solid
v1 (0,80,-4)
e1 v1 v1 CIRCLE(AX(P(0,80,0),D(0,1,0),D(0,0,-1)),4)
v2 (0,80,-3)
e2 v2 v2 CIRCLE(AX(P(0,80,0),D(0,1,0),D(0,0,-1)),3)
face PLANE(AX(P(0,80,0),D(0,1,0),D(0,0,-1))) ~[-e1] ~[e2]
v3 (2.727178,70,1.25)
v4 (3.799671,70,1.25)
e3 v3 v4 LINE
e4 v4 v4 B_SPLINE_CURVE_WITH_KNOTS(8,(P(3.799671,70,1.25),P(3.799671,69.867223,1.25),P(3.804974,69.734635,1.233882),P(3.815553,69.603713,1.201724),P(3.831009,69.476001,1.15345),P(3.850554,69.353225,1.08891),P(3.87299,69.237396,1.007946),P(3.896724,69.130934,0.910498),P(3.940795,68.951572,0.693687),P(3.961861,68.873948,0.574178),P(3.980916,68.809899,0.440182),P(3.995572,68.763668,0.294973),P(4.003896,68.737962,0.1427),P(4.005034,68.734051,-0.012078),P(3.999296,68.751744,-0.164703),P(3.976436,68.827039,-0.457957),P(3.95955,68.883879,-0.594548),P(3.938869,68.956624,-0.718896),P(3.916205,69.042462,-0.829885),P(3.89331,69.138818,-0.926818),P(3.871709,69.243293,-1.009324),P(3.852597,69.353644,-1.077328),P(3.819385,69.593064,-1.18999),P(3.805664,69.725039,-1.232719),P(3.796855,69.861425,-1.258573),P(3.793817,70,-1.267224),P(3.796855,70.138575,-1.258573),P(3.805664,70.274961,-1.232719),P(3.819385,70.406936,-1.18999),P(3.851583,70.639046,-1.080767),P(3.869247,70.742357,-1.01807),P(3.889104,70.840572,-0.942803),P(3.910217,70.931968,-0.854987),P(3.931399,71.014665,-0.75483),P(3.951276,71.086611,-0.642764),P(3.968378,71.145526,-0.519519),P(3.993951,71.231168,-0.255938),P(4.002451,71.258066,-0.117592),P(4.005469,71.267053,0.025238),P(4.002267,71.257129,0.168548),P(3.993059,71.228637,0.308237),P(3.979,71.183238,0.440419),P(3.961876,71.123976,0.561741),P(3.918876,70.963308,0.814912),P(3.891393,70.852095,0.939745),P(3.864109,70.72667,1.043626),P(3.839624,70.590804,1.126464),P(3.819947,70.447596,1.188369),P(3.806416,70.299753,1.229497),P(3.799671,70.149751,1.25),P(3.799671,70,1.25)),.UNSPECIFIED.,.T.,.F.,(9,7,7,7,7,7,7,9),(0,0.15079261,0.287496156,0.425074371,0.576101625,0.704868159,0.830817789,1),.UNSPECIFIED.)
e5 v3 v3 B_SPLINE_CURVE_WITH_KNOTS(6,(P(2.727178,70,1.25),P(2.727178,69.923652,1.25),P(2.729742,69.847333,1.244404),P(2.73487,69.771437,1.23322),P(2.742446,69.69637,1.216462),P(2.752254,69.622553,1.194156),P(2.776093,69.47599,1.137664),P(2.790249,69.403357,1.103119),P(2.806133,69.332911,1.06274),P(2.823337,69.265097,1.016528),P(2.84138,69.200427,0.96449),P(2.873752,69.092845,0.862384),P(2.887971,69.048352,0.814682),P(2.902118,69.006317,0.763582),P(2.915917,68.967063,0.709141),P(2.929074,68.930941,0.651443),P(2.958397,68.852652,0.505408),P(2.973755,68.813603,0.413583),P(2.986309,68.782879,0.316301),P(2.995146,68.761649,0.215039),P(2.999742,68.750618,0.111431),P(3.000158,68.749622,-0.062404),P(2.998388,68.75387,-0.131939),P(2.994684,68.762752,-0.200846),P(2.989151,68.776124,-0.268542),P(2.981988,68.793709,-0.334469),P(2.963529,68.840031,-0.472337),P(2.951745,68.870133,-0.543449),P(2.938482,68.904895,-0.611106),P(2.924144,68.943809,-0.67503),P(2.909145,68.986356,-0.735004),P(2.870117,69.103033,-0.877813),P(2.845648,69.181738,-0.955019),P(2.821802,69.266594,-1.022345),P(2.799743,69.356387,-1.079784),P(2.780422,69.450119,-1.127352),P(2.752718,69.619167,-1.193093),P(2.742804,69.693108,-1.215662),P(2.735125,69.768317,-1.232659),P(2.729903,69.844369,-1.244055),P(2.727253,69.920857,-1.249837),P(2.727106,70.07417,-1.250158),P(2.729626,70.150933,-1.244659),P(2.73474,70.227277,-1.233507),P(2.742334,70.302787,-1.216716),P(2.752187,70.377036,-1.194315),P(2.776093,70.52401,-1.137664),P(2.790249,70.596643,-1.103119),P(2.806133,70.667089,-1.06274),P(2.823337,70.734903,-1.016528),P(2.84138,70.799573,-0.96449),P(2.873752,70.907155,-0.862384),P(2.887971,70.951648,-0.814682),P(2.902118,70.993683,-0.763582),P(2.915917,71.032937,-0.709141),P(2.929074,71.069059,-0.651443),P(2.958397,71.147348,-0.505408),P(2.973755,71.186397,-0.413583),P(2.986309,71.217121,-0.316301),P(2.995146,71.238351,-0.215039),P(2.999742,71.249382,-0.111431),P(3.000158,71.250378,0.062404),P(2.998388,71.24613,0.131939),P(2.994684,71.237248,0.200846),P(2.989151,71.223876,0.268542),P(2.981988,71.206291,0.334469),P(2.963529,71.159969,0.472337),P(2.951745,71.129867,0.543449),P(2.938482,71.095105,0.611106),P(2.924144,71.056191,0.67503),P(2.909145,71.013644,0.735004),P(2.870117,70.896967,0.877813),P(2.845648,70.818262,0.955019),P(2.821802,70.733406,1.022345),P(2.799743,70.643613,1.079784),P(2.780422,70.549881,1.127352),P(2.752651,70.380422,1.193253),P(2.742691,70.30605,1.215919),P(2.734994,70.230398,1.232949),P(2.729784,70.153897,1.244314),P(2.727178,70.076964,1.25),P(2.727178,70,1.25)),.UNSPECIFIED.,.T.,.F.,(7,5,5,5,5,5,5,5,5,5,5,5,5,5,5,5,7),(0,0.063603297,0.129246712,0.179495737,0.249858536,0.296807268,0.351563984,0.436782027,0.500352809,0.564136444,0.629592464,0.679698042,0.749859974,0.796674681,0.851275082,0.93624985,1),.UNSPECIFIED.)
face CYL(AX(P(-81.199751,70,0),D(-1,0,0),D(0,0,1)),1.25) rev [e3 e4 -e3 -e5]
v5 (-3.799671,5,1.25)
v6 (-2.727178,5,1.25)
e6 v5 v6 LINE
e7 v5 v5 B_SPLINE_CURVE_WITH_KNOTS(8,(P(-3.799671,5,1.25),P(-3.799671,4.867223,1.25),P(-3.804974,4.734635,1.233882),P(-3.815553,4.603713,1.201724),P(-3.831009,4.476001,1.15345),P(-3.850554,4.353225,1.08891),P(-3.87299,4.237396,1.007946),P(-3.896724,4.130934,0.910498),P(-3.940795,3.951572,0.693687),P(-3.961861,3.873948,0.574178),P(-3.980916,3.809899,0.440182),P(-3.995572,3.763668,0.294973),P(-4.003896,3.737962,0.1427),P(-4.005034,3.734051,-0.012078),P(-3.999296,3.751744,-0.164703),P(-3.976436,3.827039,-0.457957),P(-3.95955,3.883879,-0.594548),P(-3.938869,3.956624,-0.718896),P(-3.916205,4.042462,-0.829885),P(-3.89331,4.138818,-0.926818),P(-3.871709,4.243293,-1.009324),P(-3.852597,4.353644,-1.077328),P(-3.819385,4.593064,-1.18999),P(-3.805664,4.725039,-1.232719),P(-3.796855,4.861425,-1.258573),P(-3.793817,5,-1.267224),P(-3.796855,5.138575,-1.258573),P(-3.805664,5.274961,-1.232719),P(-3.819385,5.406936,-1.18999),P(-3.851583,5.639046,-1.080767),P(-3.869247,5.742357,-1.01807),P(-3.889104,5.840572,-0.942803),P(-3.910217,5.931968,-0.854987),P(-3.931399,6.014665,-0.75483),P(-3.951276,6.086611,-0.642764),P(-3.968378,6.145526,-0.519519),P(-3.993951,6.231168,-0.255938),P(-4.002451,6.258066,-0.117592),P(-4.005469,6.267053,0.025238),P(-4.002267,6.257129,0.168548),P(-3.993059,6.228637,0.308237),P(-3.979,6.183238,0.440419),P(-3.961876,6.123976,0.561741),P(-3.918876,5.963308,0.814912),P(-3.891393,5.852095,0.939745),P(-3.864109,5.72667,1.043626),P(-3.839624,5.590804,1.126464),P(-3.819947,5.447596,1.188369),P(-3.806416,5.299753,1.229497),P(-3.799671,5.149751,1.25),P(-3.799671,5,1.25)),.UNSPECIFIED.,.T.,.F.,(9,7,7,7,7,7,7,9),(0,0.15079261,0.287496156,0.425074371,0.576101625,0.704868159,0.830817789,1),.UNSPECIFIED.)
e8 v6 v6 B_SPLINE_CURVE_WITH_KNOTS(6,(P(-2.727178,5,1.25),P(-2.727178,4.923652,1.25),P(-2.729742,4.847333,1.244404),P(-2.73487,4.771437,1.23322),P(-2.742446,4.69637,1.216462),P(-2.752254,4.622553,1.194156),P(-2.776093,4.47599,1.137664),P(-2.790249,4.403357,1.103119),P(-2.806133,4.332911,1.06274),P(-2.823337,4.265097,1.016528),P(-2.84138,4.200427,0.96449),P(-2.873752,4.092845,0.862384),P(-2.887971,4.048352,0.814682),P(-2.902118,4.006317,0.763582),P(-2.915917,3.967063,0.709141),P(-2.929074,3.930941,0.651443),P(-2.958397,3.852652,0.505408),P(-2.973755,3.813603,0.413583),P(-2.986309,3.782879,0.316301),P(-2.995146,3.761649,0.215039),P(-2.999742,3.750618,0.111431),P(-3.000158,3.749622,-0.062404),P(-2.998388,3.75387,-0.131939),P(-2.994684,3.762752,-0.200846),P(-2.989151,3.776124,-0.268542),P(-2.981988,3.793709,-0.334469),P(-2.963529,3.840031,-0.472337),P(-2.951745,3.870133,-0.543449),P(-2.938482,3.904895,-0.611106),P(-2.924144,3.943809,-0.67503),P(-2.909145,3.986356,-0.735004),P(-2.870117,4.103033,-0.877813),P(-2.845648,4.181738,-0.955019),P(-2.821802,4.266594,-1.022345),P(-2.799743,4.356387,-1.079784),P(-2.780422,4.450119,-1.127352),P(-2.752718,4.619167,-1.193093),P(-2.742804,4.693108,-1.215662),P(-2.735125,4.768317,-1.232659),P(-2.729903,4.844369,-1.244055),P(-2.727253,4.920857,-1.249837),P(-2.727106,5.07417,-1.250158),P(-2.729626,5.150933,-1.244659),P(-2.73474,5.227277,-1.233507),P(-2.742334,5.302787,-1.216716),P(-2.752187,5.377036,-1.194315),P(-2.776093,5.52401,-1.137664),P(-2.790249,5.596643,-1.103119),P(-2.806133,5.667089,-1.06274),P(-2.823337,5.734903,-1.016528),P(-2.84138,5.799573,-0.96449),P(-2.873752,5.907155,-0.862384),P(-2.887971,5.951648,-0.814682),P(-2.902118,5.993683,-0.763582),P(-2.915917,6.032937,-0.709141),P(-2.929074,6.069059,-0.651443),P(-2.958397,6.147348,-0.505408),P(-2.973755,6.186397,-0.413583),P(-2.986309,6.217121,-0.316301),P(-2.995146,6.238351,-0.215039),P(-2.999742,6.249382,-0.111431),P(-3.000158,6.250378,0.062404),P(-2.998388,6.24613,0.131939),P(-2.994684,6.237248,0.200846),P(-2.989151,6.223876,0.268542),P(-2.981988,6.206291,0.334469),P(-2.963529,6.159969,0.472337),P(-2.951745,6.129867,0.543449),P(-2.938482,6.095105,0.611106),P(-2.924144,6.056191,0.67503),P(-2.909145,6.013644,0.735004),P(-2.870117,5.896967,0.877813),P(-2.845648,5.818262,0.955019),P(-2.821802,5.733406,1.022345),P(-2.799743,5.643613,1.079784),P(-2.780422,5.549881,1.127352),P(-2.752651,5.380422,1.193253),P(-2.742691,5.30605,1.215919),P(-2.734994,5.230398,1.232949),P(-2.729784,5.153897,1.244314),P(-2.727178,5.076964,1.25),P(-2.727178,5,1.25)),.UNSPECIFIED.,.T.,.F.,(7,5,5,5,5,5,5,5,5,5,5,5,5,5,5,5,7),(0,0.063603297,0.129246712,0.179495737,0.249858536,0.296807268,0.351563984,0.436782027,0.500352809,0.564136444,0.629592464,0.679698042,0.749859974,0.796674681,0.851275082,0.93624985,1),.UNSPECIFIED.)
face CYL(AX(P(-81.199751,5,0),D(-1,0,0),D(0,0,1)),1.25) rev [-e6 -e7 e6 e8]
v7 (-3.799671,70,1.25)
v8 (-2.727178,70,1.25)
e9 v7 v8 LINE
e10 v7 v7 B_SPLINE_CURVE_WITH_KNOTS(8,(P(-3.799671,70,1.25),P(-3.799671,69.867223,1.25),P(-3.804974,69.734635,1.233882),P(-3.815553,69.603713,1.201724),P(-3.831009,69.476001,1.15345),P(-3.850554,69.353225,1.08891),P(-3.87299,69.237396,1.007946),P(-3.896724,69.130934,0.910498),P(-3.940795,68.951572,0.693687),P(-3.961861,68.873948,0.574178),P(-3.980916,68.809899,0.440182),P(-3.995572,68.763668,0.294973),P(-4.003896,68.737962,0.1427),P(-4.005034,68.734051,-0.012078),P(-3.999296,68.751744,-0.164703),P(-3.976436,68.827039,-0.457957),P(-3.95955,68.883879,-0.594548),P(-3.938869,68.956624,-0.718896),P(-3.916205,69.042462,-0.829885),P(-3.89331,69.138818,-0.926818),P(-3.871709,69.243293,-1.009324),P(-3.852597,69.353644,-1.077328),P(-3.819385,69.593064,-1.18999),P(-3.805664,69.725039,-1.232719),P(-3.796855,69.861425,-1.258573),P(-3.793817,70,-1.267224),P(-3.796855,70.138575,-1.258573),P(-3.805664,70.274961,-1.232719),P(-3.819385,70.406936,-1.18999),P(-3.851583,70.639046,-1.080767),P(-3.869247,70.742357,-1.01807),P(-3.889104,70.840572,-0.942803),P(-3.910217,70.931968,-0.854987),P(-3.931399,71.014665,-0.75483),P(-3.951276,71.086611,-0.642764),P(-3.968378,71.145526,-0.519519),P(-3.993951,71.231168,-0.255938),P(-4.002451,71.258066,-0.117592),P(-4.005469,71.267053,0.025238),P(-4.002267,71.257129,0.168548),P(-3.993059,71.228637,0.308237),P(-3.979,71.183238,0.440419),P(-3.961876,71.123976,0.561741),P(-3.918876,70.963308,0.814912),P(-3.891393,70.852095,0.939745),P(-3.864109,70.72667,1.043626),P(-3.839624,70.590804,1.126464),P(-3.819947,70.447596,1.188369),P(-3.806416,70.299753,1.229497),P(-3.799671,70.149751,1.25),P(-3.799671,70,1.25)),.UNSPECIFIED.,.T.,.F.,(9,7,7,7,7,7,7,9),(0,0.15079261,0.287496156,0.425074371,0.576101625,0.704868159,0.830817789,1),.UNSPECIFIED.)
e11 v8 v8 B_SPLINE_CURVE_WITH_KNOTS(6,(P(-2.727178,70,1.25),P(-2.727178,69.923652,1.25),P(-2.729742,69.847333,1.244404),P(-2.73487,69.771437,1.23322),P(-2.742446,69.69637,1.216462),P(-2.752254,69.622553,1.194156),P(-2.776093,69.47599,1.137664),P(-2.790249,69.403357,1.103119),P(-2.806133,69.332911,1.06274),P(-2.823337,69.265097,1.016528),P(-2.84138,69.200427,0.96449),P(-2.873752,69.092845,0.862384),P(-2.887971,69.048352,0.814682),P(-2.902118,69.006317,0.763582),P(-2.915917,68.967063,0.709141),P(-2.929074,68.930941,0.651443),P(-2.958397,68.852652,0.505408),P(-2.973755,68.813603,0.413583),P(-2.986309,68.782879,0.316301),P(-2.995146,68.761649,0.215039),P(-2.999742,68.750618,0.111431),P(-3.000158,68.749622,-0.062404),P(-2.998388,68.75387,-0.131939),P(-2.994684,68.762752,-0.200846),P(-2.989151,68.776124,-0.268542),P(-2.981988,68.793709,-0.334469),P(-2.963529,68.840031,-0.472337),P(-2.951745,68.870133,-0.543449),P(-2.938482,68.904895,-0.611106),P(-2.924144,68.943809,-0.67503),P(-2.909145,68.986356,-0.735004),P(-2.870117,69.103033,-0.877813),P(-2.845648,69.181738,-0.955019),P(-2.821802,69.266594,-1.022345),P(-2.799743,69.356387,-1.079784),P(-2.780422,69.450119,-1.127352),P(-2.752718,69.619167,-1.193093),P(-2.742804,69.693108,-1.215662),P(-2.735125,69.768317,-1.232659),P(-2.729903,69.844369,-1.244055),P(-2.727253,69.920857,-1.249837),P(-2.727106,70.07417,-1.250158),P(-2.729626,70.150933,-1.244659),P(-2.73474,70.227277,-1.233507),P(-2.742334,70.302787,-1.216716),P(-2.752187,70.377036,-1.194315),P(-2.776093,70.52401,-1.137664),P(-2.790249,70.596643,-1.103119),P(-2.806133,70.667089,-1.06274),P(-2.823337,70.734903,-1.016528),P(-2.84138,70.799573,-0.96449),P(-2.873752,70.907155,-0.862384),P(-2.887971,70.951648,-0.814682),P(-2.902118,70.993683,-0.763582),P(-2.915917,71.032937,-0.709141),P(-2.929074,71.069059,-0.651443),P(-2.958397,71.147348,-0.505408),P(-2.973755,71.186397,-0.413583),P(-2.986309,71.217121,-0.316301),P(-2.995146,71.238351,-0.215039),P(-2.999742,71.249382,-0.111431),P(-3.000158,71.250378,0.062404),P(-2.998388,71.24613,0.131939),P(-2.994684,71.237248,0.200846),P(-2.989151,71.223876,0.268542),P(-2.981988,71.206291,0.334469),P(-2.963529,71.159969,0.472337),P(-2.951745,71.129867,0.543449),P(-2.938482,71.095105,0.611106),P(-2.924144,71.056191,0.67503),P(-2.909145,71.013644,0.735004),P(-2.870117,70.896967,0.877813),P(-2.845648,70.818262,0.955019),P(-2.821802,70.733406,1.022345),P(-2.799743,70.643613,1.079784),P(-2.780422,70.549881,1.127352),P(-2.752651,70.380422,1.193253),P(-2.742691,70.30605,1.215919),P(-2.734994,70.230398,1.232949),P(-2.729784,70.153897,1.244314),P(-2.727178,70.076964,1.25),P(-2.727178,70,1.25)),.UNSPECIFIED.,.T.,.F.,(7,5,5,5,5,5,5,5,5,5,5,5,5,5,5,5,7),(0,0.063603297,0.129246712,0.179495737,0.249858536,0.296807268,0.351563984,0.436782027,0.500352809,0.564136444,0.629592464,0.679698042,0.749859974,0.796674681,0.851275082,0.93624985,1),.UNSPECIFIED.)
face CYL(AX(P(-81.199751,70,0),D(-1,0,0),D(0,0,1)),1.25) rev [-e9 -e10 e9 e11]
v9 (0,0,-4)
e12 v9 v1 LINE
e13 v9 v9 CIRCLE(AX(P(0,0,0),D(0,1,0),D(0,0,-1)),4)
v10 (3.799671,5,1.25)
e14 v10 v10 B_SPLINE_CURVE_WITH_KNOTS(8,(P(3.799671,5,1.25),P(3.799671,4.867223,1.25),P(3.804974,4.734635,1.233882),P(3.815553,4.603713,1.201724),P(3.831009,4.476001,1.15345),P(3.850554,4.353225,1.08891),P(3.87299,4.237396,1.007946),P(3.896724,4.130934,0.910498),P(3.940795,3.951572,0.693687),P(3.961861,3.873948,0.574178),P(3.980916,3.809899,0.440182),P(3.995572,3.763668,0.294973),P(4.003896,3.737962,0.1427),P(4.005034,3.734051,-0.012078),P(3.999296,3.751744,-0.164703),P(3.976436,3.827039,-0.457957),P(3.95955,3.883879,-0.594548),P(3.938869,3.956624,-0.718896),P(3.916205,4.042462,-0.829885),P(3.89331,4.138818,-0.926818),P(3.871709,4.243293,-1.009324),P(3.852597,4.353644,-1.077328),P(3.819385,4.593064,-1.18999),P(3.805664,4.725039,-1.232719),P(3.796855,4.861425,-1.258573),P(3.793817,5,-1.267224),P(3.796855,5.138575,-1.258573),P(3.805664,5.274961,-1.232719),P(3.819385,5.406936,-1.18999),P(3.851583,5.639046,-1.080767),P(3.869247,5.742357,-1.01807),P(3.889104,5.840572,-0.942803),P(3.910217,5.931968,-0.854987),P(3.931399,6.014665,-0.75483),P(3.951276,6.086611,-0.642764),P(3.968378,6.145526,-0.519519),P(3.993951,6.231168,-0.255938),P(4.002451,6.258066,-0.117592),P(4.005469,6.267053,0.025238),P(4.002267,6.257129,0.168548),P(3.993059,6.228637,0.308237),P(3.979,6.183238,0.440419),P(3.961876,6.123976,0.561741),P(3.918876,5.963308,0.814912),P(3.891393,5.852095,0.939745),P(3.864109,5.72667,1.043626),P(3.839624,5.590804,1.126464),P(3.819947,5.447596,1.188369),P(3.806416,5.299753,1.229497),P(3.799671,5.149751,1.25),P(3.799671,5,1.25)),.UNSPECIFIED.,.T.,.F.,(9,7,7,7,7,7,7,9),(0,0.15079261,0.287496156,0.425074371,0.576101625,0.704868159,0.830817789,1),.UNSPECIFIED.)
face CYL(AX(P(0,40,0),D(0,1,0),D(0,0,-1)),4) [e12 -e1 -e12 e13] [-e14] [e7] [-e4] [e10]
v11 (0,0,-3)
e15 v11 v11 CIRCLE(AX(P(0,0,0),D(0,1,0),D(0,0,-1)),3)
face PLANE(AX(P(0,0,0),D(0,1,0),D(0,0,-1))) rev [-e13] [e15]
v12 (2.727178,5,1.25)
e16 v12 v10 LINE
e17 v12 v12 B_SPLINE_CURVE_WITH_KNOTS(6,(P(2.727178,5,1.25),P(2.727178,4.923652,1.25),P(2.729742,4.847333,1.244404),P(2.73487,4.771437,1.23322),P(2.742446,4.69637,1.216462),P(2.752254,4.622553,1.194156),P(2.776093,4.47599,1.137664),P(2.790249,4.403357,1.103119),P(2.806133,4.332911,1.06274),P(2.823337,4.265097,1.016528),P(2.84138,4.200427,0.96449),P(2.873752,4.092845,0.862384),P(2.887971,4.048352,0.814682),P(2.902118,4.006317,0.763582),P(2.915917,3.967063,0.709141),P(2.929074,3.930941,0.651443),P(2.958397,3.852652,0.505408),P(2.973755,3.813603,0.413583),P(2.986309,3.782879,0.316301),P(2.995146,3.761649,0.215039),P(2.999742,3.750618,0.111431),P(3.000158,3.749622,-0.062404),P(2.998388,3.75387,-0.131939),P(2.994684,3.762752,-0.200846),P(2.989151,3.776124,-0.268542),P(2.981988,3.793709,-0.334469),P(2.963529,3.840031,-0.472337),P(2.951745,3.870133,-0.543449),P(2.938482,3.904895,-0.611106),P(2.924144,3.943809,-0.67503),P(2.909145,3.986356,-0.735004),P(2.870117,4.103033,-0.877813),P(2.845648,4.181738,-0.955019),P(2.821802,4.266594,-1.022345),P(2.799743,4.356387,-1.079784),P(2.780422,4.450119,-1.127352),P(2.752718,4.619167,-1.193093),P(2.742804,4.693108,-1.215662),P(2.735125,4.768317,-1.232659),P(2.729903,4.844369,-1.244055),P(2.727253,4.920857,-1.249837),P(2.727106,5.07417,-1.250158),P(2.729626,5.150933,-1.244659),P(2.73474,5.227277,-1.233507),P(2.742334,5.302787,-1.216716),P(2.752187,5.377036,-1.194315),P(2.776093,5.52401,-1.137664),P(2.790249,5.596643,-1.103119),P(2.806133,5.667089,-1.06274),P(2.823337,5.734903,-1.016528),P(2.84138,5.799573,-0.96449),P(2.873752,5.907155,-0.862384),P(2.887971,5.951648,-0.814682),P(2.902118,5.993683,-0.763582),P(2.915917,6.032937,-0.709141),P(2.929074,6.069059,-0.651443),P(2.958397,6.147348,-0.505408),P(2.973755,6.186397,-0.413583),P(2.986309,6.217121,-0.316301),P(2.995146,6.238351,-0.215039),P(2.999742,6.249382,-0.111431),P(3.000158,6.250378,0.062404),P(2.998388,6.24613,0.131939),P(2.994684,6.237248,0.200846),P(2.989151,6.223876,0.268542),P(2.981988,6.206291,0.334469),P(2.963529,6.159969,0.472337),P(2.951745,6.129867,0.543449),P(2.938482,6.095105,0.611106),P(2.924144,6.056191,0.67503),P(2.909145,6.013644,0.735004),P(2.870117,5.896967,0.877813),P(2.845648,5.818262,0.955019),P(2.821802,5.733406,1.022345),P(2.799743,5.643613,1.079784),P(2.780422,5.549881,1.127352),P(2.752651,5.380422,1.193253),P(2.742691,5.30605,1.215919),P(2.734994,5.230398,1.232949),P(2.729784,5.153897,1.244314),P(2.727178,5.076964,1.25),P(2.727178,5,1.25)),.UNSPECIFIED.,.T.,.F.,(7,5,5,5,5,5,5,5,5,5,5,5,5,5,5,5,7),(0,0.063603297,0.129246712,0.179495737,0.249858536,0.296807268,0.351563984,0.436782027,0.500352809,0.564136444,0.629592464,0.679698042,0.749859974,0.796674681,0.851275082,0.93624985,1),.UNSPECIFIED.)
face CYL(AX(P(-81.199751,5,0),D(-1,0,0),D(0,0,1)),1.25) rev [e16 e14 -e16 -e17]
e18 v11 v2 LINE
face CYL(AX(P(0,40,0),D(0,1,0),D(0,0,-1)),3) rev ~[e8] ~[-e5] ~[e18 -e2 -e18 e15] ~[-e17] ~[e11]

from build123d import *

# Parameters (mm, degrees)
SKETCH2_W               = 1
SKETCH2_H               = 80
CUT_EXTRUDE1_DEPTH      = 81.199750623
CUT_EXTRUDE1_DEPTH_BACK = 81.199750623
SKETCH3_R               = 1.25


with BuildPart() as part:
    # Sketch2 → revolve 1 (revolve)
    with BuildSketch(Plane(origin=(0, 0, 0), x_dir=(0, 0, -1), z_dir=(1, 0, 0))):
        with Locations((3.5, 40)):
            Rectangle(SKETCH2_W, SKETCH2_H)
    revolve(axis=Axis((0, 0, 0), (0, 1, 0)))

    # Sketch3 → Cut-Extrude1 (cut, two sides: drawn at the far end of the back side and taken through both)
    with BuildSketch(Plane(origin=(0, 0, 0), x_dir=(0, 0, -1), z_dir=(1, 0, 0)).offset(-CUT_EXTRUDE1_DEPTH_BACK)):
        with Locations((0, 5)):
            Circle(SKETCH3_R)
        with Locations((0, 70)):
            Circle(SKETCH3_R)
    extrude(amount=CUT_EXTRUDE1_DEPTH + CUT_EXTRUDE1_DEPTH_BACK, mode=Mode.SUBTRACT)


solid = part.part
